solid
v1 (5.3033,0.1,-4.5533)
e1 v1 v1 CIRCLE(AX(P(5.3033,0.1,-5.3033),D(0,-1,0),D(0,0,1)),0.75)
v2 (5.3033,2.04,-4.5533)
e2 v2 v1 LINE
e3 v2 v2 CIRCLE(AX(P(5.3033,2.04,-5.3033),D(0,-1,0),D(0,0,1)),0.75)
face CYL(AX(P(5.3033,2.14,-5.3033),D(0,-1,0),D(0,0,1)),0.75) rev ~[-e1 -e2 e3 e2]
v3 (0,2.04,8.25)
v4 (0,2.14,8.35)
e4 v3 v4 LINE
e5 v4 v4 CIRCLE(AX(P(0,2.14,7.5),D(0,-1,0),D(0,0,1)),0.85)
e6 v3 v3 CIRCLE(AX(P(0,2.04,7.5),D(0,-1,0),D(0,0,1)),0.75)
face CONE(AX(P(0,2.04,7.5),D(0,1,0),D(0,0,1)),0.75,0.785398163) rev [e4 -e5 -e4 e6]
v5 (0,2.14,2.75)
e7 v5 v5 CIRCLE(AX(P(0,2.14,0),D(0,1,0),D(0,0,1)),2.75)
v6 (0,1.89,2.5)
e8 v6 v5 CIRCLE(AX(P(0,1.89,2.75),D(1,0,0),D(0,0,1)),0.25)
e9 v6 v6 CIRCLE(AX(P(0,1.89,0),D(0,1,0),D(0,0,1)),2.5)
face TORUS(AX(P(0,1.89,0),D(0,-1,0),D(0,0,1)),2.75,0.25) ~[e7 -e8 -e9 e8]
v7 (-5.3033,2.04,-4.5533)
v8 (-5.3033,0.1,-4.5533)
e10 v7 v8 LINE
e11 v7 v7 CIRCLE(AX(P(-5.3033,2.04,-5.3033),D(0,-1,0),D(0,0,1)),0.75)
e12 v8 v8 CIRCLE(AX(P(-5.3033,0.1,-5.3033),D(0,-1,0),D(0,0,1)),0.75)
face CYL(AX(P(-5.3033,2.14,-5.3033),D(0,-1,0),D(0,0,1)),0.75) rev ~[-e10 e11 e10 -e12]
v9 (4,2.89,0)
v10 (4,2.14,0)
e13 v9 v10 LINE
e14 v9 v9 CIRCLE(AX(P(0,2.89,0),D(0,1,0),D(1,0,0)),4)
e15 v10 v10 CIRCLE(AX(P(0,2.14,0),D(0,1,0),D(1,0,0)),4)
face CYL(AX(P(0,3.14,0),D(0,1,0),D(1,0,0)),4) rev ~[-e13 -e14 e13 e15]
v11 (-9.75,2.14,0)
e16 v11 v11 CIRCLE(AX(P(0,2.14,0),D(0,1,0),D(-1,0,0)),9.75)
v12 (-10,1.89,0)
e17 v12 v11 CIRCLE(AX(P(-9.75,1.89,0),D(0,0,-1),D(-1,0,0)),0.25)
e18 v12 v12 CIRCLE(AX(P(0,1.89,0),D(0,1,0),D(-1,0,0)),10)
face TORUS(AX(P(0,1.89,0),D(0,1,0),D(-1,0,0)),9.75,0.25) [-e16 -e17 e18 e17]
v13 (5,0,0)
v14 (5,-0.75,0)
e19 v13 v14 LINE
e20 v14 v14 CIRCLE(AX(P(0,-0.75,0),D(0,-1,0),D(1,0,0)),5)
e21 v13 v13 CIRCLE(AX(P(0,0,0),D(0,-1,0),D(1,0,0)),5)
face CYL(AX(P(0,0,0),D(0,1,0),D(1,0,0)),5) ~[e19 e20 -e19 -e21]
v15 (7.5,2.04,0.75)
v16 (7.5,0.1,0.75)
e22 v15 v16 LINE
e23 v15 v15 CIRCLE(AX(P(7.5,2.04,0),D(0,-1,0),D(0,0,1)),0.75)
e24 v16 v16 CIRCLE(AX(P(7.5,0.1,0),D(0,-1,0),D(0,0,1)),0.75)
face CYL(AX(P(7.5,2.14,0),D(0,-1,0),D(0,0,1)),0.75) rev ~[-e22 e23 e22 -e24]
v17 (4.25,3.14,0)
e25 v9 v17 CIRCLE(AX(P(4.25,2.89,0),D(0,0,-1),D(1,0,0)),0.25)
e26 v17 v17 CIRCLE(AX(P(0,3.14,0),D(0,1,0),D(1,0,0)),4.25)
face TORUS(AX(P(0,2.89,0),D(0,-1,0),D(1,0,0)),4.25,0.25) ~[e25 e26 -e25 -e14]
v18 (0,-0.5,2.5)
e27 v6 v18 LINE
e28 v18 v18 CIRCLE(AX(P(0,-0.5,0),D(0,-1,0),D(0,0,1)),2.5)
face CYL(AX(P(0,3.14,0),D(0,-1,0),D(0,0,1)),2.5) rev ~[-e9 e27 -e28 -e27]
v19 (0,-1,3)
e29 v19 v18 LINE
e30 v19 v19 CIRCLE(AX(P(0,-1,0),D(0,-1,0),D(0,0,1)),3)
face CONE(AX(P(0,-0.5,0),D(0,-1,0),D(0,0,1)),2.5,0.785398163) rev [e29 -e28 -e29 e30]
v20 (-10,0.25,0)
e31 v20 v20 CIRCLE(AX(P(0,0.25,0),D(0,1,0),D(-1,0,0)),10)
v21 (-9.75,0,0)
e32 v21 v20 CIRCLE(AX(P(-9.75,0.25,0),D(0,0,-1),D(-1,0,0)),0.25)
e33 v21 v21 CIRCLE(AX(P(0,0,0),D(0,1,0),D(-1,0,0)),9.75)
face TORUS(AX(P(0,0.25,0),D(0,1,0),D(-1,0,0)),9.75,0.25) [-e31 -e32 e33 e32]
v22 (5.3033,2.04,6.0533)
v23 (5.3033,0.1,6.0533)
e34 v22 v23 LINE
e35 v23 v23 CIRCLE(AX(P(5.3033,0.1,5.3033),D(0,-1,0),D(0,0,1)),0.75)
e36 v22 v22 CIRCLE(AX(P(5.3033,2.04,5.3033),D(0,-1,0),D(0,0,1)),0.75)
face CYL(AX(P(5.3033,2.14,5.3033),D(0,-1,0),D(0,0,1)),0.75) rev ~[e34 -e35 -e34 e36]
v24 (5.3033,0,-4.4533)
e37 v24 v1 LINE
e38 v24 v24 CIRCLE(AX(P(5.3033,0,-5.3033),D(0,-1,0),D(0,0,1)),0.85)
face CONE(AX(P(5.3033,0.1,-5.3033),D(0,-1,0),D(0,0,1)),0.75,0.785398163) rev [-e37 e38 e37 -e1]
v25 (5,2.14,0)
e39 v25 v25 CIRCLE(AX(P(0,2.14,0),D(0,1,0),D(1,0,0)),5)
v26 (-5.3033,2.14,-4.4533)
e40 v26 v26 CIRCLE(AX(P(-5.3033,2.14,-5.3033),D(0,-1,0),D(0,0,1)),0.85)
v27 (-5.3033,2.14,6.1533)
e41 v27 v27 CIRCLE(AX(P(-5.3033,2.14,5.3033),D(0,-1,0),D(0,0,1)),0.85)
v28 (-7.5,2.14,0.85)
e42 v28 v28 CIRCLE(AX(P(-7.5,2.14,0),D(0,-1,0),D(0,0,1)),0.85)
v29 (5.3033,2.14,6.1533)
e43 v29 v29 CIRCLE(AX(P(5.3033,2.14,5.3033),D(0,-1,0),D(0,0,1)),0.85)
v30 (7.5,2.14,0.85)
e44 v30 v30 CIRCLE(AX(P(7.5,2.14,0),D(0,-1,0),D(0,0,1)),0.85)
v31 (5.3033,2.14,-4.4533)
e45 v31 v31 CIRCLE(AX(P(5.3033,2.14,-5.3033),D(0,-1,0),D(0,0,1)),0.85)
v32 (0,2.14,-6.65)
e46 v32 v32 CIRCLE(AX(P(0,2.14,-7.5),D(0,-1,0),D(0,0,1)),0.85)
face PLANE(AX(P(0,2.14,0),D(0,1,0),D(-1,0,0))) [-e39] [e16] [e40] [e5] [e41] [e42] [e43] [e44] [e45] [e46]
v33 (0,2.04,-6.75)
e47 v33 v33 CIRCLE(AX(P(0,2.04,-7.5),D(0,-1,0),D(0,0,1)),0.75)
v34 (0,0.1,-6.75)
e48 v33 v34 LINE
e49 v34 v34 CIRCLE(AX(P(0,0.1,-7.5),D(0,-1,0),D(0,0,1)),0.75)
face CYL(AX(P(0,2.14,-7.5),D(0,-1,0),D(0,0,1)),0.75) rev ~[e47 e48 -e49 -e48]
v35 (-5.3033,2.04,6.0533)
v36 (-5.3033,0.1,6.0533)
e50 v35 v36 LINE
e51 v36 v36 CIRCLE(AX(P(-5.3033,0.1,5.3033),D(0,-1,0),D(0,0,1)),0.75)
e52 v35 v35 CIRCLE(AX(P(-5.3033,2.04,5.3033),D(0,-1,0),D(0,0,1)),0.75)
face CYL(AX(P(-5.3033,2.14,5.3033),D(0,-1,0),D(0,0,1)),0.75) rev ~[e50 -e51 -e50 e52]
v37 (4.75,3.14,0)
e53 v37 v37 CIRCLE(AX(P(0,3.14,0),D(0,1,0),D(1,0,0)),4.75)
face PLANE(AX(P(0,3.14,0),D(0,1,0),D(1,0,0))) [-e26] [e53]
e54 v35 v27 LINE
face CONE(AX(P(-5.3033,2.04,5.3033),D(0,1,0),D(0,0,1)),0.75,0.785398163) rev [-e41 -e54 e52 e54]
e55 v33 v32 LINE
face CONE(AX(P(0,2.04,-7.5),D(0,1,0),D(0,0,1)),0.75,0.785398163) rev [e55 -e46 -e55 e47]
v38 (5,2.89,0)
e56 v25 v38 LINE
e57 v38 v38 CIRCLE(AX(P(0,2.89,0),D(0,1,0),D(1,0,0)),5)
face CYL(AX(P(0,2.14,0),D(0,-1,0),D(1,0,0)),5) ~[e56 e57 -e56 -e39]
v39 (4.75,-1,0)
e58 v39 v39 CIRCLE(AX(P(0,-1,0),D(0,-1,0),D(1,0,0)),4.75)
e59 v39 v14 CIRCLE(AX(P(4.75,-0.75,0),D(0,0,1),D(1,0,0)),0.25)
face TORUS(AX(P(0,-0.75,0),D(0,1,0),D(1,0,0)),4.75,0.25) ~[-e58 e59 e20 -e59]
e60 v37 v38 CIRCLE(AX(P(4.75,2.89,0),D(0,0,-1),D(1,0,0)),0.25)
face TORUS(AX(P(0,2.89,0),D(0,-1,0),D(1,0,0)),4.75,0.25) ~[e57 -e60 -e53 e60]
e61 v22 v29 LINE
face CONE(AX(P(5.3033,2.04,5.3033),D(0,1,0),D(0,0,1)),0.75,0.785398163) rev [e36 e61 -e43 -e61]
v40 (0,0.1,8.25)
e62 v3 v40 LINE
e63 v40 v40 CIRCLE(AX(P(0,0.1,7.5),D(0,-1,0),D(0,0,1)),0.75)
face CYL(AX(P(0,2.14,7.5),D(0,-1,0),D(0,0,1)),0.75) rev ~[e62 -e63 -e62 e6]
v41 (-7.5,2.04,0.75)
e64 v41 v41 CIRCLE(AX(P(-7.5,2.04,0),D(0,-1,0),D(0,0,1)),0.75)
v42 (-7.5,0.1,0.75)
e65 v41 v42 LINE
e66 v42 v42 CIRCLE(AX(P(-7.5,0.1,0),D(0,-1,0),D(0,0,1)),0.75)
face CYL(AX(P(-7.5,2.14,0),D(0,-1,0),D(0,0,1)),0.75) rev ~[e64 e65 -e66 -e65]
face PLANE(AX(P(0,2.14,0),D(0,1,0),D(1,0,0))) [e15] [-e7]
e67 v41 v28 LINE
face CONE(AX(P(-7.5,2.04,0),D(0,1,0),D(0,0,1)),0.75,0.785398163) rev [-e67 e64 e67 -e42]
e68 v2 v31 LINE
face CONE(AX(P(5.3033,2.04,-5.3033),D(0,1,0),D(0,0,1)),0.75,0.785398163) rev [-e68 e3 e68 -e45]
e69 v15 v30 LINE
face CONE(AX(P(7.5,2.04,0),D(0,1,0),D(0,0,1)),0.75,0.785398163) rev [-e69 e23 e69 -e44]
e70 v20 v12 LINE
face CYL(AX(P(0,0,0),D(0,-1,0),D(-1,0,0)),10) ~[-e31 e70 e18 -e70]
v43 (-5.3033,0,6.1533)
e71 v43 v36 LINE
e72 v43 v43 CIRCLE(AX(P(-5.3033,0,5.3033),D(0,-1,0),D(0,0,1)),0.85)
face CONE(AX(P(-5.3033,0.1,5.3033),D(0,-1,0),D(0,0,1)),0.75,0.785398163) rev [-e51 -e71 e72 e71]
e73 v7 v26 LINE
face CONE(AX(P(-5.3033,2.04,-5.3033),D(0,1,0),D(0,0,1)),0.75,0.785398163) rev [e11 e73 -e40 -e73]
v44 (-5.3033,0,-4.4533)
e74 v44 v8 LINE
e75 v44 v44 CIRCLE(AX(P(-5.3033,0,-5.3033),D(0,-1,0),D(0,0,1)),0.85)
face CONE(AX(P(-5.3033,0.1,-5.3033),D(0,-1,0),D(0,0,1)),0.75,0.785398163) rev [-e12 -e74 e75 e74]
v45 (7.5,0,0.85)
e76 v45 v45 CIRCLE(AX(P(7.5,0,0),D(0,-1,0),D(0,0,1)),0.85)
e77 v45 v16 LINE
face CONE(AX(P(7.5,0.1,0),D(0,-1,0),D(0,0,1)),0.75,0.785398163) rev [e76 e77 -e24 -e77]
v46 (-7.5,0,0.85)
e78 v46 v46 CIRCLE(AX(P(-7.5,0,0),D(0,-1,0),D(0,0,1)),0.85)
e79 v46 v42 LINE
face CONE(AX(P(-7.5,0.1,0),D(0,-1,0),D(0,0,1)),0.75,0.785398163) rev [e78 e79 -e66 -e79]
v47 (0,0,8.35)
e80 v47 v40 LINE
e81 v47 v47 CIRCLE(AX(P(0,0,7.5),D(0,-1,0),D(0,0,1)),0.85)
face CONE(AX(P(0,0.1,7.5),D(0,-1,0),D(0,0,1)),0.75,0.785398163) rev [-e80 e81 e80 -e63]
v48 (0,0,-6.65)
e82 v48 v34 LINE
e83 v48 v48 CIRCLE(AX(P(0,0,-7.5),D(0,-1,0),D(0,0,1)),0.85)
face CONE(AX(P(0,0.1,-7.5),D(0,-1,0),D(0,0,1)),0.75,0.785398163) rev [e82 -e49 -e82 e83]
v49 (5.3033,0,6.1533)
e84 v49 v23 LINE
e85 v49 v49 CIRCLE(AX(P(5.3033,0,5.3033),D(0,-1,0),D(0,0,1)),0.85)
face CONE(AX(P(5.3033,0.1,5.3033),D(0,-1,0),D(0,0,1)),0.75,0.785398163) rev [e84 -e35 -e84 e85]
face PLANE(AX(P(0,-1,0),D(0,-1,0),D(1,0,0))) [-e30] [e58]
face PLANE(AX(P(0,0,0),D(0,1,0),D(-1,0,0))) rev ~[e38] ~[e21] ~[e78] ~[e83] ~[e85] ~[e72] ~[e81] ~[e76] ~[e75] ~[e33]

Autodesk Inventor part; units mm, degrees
ref_plane "YZ Plane" through (0, 0, 0) normal (1, 0, 0) x (0, 1, 0)
ref_plane "XZ Plane" through (0, 0, 0) normal (0, 1, 0) x (-1, 0, 0)
ref_plane "XY Plane" through (0, 0, 0) normal (0, 0, 1) x (1, 0, 0)
sketch "Sketch1" plane through (0, 0, 0) normal (0, 1, 0) x (-1, 0, 0)
  circle A0 centre (0, 0) radius 10
  dimension "d0" = 20
extrude "Extrusion1" add sketch "Sketch1" along normal blind 2.14
sketch "Sketch2" plane through (0, 2.14, 0) normal (0, 1, 0) x (1, 0, 0)
  circle A0 centre (0, 0) radius 10 projected
  circle A1 centre (0, 0) radius 5
  dimension "d3" = 10
extrude "Extrusion2" add sketch "Sketch2" along normal blind 1 contours A1
sketch "Sketch3" plane through (0, 0, 0) normal (0, -1, 0) x (1, 0, 0)
  circle A0 centre (0, 0) radius 10 projected
  circle A1 centre (0, 0) radius 5
  dimension "d6" = 10
extrude "Extrusion3" add sketch "Sketch3" along normal blind 1 contours A1
hole "Hole1" at (0, 3.14, 0) direction (0, -1, 0) diameter 5 end through all
sketch "Sketch4" plane through (0, 3.14, 0) normal (0, 1, 0) x (1, 0, 0)
  circle A0 centre (0, 0) radius 2.5 projected
  circle A1 centre (0, 0) radius 5 projected
  circle A2 centre (0, 0) radius 4
  dimension "d18" = 8
extrude "Extrusion4" cut sketch "Sketch4" against normal blind 1 contours A2
sketch "Sketch5" plane through (0, 2.14, 0) normal (0, 1, 0) x (1, 0, 0)
  circle A0 centre (0, 0) radius 5 projected
  circle A1 centre (0, 0) radius 10 projected
  point P0 (0, 7.5)
  point P1 (-5.3033, 5.3033)
  point P2 (-7.5, 0)
  point P3 (-5.3033, -5.3033)
  point P4 (0, -7.5)
  point P5 (5.3033, -5.3033)
  point P6 (7.5, 0)
  point P7 (5.3033, 5.3033)
  dimension "d21" = 5
  dimension "d22" = 7.5
  dimension "d25" = 360
hole "Hole2" at (0, 2.14, -7.5) at (-5.3033, 2.14, -5.3033) at (-7.5, 2.14, 0) at (-5.3033, 2.14, 5.3033) at (0, 2.14, 7.5) at (5.3033, 2.14, 5.3033) at (7.5, 2.14, 0) at (5.3033, 2.14, -5.3033) direction (0, -1, 0) diameter 1.5 end through all
chamfer "Chamfer1" distance 0.5 angle 45 1 edges at (0, -1, -2.5)
fillet "Fillet1" radius 0.25 6 edges at (10, 0, 0) (10, 2.14, 0) (-5, -1, 0) (-5, 3.14, 0) (-4, 3.14, 0) (0, 2.14, -2.5)
chamfer "Chamfer2" distance 0.1 angle 45 16 edges at (5.3033, 0, -6.0533) (0, 0, -8.25) (-5.3033, 0, -6.0533) (7.5, 0, -0.75) (5.3033, 0, 4.5533) (-7.5, 0, -0.75) (0, 0, 6.75) (-5.3033, 0, 4.5533) (5.3033, 2.14, -6.0533) (0, 2.14, -8.25) (-5.3033, 2.14, -6.0533) (7.5, 2.14, -0.75) (5.3033, 2.14, 4.5533) (-7.5, 2.14, -0.75) (0, 2.14, 6.75) (-5.3033, 2.14, 4.5533)
properties part number "bottom-arm" material "PET Plastic"
